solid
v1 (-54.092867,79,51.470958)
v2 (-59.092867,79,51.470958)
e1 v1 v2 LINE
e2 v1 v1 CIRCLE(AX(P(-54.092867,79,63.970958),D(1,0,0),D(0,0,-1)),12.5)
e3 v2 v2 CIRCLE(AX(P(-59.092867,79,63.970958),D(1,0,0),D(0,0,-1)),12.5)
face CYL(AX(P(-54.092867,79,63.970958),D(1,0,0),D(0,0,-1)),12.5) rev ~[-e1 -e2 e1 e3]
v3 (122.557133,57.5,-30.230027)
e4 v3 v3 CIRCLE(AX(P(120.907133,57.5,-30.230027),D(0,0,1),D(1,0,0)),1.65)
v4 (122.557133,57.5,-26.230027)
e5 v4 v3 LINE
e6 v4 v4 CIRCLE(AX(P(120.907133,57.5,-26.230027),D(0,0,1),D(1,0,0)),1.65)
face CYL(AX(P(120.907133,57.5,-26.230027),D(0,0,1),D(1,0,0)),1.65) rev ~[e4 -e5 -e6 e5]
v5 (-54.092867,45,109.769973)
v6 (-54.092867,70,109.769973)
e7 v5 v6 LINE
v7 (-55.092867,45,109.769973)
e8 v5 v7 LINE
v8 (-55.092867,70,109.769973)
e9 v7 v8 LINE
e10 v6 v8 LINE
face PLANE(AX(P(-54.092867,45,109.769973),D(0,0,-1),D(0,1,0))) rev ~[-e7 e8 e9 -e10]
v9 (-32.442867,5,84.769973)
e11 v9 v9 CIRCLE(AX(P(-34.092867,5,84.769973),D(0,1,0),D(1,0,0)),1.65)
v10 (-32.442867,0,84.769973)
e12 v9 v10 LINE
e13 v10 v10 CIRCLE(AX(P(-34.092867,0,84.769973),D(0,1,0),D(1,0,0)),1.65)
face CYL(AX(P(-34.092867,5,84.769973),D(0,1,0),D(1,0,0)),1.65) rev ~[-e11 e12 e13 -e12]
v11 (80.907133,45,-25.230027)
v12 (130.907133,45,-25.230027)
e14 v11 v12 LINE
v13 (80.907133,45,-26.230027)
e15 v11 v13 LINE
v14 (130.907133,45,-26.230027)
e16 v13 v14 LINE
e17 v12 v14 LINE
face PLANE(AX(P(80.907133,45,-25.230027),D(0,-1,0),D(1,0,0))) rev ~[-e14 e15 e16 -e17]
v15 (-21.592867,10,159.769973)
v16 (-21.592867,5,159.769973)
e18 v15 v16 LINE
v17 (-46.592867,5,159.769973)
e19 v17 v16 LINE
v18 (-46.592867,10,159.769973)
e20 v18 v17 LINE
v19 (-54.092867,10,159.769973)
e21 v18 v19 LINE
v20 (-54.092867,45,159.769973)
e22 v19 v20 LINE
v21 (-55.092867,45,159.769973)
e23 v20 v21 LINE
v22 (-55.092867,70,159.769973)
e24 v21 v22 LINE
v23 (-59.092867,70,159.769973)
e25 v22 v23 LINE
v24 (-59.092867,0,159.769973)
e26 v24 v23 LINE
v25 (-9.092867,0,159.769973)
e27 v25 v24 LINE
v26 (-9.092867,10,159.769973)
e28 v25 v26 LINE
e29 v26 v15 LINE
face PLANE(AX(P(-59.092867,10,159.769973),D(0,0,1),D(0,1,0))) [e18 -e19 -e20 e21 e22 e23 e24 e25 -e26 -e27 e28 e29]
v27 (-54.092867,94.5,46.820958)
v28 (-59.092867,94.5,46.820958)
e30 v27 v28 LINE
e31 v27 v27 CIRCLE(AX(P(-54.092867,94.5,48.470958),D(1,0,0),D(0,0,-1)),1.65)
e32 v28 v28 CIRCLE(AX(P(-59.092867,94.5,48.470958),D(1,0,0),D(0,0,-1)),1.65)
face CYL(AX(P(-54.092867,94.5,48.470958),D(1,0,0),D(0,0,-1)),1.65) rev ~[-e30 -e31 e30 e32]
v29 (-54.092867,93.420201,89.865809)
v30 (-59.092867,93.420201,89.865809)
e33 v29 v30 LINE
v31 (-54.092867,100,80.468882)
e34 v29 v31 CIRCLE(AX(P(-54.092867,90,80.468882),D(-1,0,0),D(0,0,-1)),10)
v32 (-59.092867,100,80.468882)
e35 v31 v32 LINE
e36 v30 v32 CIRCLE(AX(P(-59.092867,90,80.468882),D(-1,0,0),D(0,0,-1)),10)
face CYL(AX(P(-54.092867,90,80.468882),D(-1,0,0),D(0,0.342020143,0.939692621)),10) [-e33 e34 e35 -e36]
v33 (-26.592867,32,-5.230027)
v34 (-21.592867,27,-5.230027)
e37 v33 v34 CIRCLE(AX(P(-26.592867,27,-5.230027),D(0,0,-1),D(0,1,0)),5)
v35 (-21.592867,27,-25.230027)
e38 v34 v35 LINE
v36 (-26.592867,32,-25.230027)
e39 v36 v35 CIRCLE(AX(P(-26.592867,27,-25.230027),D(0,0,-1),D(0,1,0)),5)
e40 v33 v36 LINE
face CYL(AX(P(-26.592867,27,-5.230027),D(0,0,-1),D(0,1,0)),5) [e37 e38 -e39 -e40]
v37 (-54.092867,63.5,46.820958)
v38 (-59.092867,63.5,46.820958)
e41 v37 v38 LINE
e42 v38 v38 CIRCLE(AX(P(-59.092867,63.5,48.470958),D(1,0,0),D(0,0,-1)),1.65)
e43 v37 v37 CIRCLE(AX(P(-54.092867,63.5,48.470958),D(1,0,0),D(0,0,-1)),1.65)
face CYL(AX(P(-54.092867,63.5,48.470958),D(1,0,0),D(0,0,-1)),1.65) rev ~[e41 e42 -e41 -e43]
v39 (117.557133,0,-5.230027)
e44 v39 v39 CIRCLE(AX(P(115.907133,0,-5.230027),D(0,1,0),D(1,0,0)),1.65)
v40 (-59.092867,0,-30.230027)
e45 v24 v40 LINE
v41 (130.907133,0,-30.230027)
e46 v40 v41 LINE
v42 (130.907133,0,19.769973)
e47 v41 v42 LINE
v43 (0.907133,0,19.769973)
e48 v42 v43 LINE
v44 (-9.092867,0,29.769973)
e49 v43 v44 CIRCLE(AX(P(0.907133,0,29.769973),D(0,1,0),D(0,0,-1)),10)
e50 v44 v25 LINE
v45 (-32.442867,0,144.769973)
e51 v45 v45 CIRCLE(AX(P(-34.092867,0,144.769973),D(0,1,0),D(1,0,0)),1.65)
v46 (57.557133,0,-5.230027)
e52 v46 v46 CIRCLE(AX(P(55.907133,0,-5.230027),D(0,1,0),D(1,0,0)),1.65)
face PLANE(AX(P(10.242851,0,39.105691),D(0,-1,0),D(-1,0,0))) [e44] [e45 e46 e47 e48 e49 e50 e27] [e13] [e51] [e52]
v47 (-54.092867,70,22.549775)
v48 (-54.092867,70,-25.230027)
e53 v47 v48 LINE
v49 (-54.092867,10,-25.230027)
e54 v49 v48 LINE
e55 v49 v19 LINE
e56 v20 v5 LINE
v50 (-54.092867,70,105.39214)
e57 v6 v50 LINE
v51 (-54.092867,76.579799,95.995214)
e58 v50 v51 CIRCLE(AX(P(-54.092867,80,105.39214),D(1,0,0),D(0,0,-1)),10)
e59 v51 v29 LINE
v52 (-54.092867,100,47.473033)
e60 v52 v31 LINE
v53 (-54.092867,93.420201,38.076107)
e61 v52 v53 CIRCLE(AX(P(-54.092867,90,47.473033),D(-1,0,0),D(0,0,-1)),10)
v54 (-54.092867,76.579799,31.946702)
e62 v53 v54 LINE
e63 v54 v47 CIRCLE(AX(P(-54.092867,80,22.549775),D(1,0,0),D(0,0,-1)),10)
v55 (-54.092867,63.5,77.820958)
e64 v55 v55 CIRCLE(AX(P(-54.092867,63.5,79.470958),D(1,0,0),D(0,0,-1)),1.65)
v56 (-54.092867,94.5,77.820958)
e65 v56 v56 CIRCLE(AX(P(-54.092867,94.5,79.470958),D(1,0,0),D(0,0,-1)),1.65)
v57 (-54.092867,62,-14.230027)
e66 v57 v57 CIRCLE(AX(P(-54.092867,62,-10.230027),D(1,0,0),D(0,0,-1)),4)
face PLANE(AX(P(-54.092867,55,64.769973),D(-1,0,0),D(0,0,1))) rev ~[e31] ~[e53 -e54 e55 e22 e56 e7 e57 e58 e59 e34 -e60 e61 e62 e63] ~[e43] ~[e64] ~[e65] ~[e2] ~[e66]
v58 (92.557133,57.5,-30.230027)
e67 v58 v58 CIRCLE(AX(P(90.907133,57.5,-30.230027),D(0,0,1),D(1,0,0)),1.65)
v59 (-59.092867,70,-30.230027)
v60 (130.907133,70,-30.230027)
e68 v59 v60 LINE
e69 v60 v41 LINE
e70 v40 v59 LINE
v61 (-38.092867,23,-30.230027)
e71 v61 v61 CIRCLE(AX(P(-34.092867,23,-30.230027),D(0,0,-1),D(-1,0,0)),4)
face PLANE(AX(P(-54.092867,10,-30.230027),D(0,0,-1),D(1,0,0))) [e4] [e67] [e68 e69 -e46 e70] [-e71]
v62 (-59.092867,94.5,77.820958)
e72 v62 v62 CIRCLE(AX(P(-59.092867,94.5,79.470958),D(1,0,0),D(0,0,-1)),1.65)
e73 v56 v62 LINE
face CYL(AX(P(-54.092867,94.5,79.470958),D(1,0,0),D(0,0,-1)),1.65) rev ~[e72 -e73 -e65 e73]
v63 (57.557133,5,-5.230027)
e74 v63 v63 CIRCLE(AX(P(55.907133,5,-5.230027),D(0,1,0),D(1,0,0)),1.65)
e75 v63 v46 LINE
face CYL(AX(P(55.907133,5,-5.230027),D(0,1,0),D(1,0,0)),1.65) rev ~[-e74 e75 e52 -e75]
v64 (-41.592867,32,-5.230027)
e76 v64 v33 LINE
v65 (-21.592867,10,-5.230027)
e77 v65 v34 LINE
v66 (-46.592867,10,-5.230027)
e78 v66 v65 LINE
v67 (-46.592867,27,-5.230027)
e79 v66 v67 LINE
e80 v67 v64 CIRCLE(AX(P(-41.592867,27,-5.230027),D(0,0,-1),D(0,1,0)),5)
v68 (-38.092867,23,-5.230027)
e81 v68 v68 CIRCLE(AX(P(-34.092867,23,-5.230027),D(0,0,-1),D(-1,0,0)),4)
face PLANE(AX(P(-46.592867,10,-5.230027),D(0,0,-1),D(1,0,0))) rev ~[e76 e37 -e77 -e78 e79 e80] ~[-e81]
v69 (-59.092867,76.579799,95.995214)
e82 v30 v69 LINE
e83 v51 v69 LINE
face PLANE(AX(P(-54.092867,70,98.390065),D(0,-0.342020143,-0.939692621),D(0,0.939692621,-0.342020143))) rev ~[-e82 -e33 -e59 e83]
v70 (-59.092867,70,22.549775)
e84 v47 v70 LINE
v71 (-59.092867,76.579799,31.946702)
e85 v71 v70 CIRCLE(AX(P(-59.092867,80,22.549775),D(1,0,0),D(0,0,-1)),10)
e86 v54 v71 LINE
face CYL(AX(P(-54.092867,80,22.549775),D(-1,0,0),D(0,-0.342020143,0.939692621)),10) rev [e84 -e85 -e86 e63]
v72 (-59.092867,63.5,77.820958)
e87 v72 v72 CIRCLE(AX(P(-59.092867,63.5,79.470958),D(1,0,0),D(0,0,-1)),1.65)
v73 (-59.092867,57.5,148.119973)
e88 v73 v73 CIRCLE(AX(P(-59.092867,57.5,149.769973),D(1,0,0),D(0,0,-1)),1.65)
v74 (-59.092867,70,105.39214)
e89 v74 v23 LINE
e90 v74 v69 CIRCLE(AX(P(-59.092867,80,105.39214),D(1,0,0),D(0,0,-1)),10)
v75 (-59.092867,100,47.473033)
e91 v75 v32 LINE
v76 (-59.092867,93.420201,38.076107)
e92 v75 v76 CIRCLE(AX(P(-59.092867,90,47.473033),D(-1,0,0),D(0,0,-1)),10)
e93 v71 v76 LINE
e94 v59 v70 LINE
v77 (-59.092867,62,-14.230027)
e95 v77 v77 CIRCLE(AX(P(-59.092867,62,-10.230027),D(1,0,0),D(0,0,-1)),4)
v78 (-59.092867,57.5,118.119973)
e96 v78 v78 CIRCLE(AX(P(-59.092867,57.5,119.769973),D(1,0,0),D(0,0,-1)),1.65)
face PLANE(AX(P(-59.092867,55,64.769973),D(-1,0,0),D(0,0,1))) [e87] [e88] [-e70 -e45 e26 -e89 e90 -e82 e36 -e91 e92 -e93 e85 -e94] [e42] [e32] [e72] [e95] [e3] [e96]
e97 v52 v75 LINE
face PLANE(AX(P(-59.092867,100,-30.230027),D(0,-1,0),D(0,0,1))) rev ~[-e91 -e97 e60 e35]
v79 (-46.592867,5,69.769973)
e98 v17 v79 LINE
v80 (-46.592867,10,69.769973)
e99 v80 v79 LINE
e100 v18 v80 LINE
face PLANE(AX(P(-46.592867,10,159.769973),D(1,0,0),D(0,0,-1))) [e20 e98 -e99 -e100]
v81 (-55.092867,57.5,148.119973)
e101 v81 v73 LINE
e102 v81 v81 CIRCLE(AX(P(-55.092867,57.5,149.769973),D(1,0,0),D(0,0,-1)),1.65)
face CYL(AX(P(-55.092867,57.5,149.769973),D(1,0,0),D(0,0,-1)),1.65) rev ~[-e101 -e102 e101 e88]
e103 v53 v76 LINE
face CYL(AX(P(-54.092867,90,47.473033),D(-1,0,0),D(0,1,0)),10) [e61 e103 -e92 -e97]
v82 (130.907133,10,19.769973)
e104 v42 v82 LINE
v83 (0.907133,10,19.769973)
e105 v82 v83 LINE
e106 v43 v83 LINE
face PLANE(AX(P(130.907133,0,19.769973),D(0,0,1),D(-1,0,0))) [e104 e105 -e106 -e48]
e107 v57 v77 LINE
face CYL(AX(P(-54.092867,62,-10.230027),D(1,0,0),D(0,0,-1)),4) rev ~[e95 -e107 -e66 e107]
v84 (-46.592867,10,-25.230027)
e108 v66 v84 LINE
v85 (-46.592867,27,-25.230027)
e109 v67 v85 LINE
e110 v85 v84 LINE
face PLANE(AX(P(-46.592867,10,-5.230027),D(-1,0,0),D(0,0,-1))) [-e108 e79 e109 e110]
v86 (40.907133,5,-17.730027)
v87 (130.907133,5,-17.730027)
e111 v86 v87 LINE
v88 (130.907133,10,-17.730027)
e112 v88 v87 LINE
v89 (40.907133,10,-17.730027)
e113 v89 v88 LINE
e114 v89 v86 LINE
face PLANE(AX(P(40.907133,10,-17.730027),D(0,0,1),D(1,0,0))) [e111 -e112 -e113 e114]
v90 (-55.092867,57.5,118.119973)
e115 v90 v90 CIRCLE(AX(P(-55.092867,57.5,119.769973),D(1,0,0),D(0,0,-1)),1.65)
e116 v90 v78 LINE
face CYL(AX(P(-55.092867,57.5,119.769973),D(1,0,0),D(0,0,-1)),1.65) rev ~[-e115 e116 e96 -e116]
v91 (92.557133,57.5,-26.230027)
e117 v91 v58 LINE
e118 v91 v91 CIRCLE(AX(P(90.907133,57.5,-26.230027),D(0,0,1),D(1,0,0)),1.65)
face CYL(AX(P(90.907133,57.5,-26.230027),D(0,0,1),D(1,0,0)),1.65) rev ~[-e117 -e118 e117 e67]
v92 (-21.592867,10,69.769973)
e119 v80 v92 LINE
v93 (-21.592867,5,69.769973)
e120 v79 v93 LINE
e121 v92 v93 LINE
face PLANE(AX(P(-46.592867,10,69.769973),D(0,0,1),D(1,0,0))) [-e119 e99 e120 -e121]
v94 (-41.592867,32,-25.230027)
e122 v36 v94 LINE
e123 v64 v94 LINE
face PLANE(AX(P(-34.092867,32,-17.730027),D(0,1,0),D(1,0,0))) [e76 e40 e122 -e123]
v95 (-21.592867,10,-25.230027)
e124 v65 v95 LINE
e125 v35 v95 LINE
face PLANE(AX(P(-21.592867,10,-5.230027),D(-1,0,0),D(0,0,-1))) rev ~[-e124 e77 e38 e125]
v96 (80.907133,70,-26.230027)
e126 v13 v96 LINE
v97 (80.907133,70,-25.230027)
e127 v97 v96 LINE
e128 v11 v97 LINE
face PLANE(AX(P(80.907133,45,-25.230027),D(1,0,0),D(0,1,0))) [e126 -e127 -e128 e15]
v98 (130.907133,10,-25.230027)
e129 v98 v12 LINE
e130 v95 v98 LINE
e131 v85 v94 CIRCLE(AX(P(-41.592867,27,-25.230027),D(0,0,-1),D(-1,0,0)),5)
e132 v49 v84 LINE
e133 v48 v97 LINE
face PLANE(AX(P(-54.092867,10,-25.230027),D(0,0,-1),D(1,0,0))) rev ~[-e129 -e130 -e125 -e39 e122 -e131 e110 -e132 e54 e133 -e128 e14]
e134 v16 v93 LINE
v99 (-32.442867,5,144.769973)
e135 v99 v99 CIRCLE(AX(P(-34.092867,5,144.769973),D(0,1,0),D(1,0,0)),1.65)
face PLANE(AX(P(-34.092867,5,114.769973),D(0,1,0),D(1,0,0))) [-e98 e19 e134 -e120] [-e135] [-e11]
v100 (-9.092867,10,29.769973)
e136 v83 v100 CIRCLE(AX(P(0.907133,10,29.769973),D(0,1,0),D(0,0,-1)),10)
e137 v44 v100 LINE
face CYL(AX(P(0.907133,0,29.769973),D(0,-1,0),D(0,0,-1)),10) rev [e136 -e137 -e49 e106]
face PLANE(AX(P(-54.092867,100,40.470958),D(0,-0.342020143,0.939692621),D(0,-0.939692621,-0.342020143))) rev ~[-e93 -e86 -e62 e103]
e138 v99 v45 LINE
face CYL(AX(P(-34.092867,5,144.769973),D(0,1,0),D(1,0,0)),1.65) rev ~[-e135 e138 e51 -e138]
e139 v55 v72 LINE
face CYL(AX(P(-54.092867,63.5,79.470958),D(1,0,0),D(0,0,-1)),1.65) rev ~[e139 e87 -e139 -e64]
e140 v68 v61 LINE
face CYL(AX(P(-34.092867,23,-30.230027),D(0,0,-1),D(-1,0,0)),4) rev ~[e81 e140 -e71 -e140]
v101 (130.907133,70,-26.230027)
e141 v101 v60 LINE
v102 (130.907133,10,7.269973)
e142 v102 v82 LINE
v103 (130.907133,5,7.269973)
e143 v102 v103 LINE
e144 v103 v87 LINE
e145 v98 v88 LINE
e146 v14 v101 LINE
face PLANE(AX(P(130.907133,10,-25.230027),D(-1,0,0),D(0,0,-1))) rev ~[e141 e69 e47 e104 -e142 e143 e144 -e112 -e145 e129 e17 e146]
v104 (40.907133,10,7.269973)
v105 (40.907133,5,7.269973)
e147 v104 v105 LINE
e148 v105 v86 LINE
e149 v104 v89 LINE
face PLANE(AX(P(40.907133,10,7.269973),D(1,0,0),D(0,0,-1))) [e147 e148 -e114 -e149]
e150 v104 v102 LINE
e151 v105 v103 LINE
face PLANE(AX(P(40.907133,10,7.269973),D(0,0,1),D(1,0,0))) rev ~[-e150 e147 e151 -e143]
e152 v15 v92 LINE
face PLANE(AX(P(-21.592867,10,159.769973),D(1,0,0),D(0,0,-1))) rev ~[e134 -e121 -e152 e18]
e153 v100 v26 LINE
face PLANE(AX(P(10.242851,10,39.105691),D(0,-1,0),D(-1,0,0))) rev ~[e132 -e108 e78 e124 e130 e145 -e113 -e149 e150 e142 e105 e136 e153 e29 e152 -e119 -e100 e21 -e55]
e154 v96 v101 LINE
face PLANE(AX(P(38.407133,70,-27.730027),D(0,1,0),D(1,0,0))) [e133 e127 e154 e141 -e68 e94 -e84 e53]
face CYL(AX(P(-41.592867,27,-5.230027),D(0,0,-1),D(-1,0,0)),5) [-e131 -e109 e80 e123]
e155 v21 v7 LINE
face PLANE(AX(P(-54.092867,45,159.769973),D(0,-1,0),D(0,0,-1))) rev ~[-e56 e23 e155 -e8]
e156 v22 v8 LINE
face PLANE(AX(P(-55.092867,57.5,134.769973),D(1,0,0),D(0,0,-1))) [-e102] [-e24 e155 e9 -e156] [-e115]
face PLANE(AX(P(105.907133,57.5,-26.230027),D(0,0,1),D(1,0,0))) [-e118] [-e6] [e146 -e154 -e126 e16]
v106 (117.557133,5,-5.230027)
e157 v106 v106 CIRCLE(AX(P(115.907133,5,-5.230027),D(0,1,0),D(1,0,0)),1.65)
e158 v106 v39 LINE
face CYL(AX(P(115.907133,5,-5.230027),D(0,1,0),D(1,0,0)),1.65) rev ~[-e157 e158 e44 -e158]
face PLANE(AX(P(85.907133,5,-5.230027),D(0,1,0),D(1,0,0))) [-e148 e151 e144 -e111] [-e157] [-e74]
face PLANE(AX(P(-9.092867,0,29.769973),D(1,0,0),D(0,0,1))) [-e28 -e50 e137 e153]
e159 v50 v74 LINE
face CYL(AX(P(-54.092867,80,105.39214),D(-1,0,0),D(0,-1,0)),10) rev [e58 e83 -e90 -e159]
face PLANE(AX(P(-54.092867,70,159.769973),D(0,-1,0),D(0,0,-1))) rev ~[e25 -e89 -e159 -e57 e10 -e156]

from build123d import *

# Parameters (mm, degrees)
BOSS_EXTRUDE1_DEPTH = 10
SKETCH2_W           = 90
SKETCH2_H           = 25
SKETCH2_W_2         = 25
SKETCH2_H_2         = 90
CUT_EXTRUDE1_DEPTH  = 5
SKETCH3_R           = 1.65
CUT_EXTRUDE2_DEPTH  = 6
SKETCH4_W           = 25
SKETCH4_H           = 25
BOSS_EXTRUDE2_DEPTH = 22
SKETCH5_R           = 4
CUT_EXTRUDE3_DEPTH  = 191
FILLET1_R           = 5
SKETCH6_W           = 190
SKETCH6_H           = 90
BOSS_EXTRUDE3_DEPTH = 5
SKETCH7_R           = 4
SKETCH7_R_2         = 12.5
SKETCH7_R_3         = 1.65
CUT_EXTRUDE4_DEPTH  = 6
SKETCH8_W           = 185
SKETCH8_H           = 5
BOSS_EXTRUDE4_DEPTH = 60
SKETCH9_R           = 4
CUT_EXTRUDE5_DEPTH  = 191
CUT_EXTRUDE6_DEPTH  = 6
FILLET2_R           = 10
SKETCH11_W          = 50
SKETCH11_H          = 25
CUT_EXTRUDE7_DEPTH  = 1
SKETCH12_R          = 1.65
CUT_EXTRUDE8_DEPTH  = 5
SKETCH13_W          = 50
SKETCH13_H          = 25
CUT_EXTRUDE9_DEPTH  = 1
SKETCH14_R          = 1.65
CUT_EXTRUDE10_DEPTH = 5


with BuildPart() as part:
    # Sketch1 → Boss-Extrude1 (new body)
    with BuildSketch(Plane(origin=(0, 0, 0), x_dir=(1, 0, 0), z_dir=(0, 1, 0))):
        with BuildLine():
            Line((-59.092867484, 30.230027325), (130.907132516, 30.230027325))
            Line((130.907132516, 30.230027325), (130.907132516, -19.769972675))
            Line((130.907132516, -19.769972675), (0.907132516, -19.769972675))
            ThreePointArc((0.907132516, -19.769972675), (-6.163935296, -22.698904864), (-9.092867484, -29.769972675))
            Line((-9.092867484, -29.769972675), (-9.092867484, -159.769972675))
            Line((-9.092867484, -159.769972675), (-59.092867484, -159.769972675))
            Line((-59.092867484, -159.769972675), (-59.092867484, 30.230027325))
        make_face()
    extrude(amount=BOSS_EXTRUDE1_DEPTH)

    # Sketch2 → Cut-Extrude1 (cut)
    with BuildSketch(Plane(origin=(0, 10, 0), x_dir=(1, 0, 0), z_dir=(0, 1, 0))):
        with Locations((85.907132516, 5.230027325)):
            Rectangle(SKETCH2_W, SKETCH2_H)
        with Locations((-34.092867484, -114.769972675)):
            Rectangle(SKETCH2_W_2, SKETCH2_H_2)
    extrude(amount=-CUT_EXTRUDE1_DEPTH, mode=Mode.SUBTRACT)

    # Sketch3 → Cut-Extrude2 (cut, through all)
    with BuildSketch(Plane(origin=(0, 5, 0), x_dir=(1, 0, 0), z_dir=(0, 1, 0))):
        with Locations((55.907132516, 5.230027325)):
            Circle(SKETCH3_R)
        with Locations((115.907132516, 5.230027325)):
            Circle(SKETCH3_R)
        with Locations((-34.092867483, -84.769972675)):
            Circle(SKETCH3_R)
        with Locations((-34.092867483, -144.769972675)):
            Circle(SKETCH3_R)
    extrude(amount=-CUT_EXTRUDE2_DEPTH, mode=Mode.SUBTRACT)

    # Sketch4 → Boss-Extrude2 (add)
    with BuildSketch(Plane(origin=(0, 10, 0), x_dir=(1, 0, 0), z_dir=(0, 1, 0))):
        with Locations((-34.092867484, 17.730027325)):
            Rectangle(SKETCH4_W, SKETCH4_H)
    extrude(amount=BOSS_EXTRUDE2_DEPTH)

    # Sketch5 → Cut-Extrude3 (cut, through all)
    with BuildSketch(Plane(origin=(0, 0, -30.230027325), x_dir=(-1, 0, 0), z_dir=(0, 0, -1))):
        with Locations((34.092867484, 23)):
            Circle(SKETCH5_R)
    extrude(amount=-CUT_EXTRUDE3_DEPTH, mode=Mode.SUBTRACT)

    # Fillet1
    fillet1_edges = [part.edges().sort_by_distance(p)[0] for p in [
        (-46.592867484, 32, -17.730027325),
        (-21.592867484, 32, -17.730027325),
    ]]
    fillet(fillet1_edges, radius=FILLET1_R)

    # Sketch6 → Boss-Extrude3 (add)
    with BuildSketch(Plane.ZY.offset(59.092867484)):
        with Locations((64.769972675, 55)):
            Rectangle(SKETCH6_W, SKETCH6_H)
    extrude(amount=-BOSS_EXTRUDE3_DEPTH)

    # Sketch7 → Cut-Extrude4 (cut, through all)
    with BuildSketch(Plane(origin=(-54.092867484, 0, 0), x_dir=(0, 0, -1), z_dir=(1, 0, 0))):
        with Locations((10.230027325, 62)):
            Circle(SKETCH7_R)
        with Locations((-63.970957781, 79)):
            Circle(SKETCH7_R_2)
        with Locations((-79.470957781, 94.5)):
            Circle(SKETCH7_R_3)
        with Locations((-48.470957781, 94.5)):
            Circle(SKETCH7_R_3)
        with Locations((-48.470957781, 63.5)):
            Circle(SKETCH7_R_3)
        with Locations((-79.470957781, 63.5)):
            Circle(SKETCH7_R_3)
    extrude(amount=-CUT_EXTRUDE4_DEPTH, mode=Mode.SUBTRACT)

    # Sketch8 → Boss-Extrude4 (add)
    with BuildSketch(Plane(origin=(0, 10, 0), x_dir=(1, 0, 0), z_dir=(0, 1, 0))):
        with Locations((38.407132516, 27.730027325)):
            Rectangle(SKETCH8_W, SKETCH8_H)
    extrude(amount=BOSS_EXTRUDE4_DEPTH)

    # Sketch9 → Cut-Extrude5 (cut, through all)
    with BuildSketch(Plane(origin=(0, 0, -30.230027325), x_dir=(-1, 0, 0), z_dir=(0, 0, -1))):
        with Locations((34.092867484, 23)):
            Circle(SKETCH9_R)
    extrude(amount=-CUT_EXTRUDE5_DEPTH, mode=Mode.SUBTRACT)

    # Sketch10 → Cut-Extrude6 (cut, through all)
    with BuildSketch(Plane(origin=(-54.092867484, 0, 0), x_dir=(0, 0, -1), z_dir=(1, 0, 0))):
        Polygon((-159.769972675, 70), (-98.390064809, 70), (-87.470957781, 100), (-159.769972675, 100), align=None)
        Polygon((-40.470957781, 100), (-29.551850753, 70), (25.230027325, 70), (30.230027325, 70), (30.230027325, 100), align=None)
    extrude(amount=-CUT_EXTRUDE6_DEPTH, mode=Mode.SUBTRACT)

    # Fillet2
    fillet2_edges = [part.edges().sort_by_distance(p)[0] for p in [
        (-56.592867484, 100, 87.470957781),
        (-56.592867484, 70, 98.390064809),
        (-56.592867484, 100, 40.470957781),
        (-56.592867484, 70, 29.551850753),
    ]]
    fillet(fillet2_edges, radius=FILLET2_R)

    # Sketch11 → Cut-Extrude7 (cut)
    with BuildSketch(Plane.XY.offset(-25.230027325)):
        with Locations((105.907132516, 57.5)):
            Rectangle(SKETCH11_W, SKETCH11_H)
    extrude(amount=-CUT_EXTRUDE7_DEPTH, mode=Mode.SUBTRACT)

    # Sketch12 → Cut-Extrude8 (cut, through all)
    with BuildSketch(Plane.XY.offset(-26.230027325)):
        with Locations((90.907132516, 57.5)):
            Circle(SKETCH12_R)
        with Locations((120.907132516, 57.5)):
            Circle(SKETCH12_R)
    extrude(amount=-CUT_EXTRUDE8_DEPTH, mode=Mode.SUBTRACT)

    # Sketch13 → Cut-Extrude9 (cut)
    with BuildSketch(Plane(origin=(-54.092867484, 0, 0), x_dir=(0, 0, -1), z_dir=(1, 0, 0))):
        with Locations((-134.769972675, 57.5)):
            Rectangle(SKETCH13_W, SKETCH13_H)
    extrude(amount=-CUT_EXTRUDE9_DEPTH, mode=Mode.SUBTRACT)

    # Sketch14 → Cut-Extrude10 (cut, through all)
    with BuildSketch(Plane(origin=(-55.092867484, 0, 0), x_dir=(0, 0, -1), z_dir=(1, 0, 0))):
        with Locations((-149.769972675, 57.5)):
            Circle(SKETCH14_R)
        with Locations((-119.769972675, 57.5)):
            Circle(SKETCH14_R)
    extrude(amount=-CUT_EXTRUDE10_DEPTH, mode=Mode.SUBTRACT)


solid = part.part
